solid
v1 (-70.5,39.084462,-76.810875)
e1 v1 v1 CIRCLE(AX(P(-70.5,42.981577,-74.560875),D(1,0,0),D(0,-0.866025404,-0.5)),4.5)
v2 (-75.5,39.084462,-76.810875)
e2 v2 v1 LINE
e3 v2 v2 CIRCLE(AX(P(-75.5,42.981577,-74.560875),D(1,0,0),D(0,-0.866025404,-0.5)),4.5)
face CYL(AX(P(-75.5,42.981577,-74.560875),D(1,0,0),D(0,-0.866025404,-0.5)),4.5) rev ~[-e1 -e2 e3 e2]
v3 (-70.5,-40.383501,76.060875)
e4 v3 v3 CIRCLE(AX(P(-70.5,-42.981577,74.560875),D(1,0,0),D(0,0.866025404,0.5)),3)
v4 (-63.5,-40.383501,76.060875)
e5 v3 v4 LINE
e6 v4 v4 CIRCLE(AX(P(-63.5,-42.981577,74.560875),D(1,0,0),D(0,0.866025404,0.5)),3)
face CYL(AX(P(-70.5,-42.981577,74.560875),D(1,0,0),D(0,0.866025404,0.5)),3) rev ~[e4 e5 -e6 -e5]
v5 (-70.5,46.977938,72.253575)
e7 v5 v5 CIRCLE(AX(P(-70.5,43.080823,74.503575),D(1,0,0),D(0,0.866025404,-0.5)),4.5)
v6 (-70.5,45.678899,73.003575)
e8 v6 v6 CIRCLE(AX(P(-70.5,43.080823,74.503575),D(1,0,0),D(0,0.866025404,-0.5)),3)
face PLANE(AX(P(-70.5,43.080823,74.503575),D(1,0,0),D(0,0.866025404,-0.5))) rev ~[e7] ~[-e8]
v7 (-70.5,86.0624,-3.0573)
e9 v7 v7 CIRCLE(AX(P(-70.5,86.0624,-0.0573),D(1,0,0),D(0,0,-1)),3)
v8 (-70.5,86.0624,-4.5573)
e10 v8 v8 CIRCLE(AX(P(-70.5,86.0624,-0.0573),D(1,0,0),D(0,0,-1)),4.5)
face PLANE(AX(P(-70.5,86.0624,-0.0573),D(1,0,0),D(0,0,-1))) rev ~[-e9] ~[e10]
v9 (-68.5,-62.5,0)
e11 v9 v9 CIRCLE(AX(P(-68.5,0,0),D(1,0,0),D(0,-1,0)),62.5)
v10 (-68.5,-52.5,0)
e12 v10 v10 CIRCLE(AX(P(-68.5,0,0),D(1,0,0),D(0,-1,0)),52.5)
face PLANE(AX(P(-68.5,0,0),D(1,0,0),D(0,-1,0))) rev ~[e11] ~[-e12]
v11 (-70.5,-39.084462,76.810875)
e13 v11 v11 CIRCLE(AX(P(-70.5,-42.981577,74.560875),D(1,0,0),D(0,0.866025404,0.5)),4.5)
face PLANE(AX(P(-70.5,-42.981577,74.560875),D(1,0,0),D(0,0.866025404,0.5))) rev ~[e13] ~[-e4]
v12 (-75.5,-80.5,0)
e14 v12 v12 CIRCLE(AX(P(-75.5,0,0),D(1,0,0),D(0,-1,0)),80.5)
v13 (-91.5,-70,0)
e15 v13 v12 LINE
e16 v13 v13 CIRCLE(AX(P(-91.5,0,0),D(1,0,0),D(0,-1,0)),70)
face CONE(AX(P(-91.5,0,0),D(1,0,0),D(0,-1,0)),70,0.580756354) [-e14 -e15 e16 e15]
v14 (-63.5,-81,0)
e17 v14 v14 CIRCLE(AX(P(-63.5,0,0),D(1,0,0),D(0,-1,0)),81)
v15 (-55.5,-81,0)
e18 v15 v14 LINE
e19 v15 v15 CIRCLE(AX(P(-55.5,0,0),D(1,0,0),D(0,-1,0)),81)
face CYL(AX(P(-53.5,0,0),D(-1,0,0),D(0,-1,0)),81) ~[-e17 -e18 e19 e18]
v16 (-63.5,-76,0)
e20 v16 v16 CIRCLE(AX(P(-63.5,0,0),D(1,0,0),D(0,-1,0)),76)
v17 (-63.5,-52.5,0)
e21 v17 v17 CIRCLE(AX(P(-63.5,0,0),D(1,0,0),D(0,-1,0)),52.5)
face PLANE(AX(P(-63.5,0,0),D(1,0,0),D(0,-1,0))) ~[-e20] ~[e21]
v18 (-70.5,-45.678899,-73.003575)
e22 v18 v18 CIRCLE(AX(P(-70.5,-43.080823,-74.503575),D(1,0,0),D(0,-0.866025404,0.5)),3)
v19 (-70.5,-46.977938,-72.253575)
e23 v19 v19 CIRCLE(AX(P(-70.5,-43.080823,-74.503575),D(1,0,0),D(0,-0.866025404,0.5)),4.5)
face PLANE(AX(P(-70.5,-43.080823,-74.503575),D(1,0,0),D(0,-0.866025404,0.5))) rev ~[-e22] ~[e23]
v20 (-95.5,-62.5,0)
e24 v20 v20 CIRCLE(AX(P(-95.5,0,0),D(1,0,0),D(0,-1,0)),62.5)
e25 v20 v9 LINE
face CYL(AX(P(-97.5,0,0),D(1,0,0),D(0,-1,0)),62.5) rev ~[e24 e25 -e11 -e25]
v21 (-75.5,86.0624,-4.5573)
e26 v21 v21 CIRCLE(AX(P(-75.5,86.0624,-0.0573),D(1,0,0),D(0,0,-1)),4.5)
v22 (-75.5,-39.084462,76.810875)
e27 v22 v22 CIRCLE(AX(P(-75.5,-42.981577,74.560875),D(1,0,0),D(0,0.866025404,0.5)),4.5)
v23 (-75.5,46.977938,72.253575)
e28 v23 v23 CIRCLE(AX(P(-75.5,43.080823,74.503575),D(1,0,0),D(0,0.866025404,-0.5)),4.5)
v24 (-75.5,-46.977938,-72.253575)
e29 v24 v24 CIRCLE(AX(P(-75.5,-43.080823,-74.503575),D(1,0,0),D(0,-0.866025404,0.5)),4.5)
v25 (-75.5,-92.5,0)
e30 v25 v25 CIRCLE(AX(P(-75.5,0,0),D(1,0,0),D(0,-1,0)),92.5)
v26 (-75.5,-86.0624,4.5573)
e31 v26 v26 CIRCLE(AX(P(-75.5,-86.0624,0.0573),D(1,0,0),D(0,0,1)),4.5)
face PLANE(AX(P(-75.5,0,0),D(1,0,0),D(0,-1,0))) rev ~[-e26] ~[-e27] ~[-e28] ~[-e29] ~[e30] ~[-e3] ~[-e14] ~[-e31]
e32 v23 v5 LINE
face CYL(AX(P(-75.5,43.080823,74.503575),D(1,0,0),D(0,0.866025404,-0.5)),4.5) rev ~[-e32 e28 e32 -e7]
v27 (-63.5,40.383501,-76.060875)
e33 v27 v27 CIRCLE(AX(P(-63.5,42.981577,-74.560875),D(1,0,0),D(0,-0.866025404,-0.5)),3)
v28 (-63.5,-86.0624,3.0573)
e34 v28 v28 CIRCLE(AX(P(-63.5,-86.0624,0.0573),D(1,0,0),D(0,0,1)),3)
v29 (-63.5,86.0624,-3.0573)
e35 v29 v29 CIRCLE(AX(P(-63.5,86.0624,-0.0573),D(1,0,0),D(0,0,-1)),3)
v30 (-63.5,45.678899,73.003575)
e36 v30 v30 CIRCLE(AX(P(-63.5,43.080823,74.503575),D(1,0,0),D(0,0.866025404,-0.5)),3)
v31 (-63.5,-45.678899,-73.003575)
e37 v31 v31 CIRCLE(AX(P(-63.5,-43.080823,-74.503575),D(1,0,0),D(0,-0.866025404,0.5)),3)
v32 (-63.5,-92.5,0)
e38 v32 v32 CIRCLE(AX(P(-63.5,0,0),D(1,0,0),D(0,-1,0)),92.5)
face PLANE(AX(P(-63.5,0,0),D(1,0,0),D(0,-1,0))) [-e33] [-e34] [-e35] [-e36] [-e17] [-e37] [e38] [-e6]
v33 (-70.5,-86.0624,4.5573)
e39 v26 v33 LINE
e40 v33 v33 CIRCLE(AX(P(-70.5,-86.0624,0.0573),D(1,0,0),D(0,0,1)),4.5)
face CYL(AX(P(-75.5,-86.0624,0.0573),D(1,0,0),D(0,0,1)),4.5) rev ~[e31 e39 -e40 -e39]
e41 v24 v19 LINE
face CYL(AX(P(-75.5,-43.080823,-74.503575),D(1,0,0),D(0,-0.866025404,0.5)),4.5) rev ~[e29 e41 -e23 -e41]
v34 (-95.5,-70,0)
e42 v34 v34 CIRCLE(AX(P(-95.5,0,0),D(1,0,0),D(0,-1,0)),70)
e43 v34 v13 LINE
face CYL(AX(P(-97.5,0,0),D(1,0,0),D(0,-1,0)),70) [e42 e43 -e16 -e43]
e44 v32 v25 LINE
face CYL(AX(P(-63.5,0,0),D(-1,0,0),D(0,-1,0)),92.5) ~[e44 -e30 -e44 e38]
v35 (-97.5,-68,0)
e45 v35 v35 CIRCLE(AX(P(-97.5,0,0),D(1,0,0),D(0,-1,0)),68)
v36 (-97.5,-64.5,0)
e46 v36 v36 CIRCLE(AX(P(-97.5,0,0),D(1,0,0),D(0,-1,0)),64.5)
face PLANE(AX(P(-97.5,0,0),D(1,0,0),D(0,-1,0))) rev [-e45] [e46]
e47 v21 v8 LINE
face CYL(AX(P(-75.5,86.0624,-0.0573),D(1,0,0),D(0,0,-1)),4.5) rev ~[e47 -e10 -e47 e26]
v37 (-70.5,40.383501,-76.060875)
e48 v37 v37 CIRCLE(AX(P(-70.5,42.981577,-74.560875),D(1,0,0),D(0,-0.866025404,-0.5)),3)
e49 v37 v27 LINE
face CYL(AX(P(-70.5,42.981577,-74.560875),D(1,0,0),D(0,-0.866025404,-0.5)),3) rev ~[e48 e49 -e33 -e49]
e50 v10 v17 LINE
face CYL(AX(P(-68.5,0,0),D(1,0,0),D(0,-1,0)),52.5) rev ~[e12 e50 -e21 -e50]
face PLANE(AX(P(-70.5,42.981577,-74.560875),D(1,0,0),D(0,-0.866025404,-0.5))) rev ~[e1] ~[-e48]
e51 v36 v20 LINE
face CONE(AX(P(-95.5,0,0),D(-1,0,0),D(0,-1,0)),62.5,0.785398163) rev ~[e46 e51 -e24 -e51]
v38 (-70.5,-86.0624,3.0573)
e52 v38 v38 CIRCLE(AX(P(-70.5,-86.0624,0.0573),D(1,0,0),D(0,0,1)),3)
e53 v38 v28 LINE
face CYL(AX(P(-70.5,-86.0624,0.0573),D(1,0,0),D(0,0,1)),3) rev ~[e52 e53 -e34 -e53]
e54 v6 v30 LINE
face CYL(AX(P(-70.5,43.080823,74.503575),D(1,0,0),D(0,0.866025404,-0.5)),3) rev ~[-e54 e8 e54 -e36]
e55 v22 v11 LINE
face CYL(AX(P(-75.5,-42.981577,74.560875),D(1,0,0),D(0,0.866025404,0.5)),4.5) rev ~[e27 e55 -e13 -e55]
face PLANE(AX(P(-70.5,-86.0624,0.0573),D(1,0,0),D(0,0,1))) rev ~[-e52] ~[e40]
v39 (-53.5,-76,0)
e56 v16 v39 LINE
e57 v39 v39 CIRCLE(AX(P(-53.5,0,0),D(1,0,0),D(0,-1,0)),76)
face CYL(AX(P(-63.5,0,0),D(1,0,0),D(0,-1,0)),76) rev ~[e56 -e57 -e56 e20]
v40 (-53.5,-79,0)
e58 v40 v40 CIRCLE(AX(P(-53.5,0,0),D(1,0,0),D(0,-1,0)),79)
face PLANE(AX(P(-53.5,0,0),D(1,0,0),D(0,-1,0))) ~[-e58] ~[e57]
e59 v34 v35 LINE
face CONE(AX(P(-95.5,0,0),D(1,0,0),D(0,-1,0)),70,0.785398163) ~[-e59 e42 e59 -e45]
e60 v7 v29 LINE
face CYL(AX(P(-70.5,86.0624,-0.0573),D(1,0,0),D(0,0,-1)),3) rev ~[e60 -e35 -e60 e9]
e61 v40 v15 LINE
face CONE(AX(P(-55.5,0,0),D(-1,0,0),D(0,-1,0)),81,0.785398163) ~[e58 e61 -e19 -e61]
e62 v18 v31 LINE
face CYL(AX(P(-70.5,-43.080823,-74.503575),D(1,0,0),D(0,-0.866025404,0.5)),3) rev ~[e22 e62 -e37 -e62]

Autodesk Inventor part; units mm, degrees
ref_plane "YZ Plane" through (0, 0, 0) normal (1, 0, 0) x (0, 1, 0)
ref_plane "XZ Plane" through (0, 0, 0) normal (0, 1, 0) x (-1, 0, 0)
ref_plane "XY Plane" through (0, 0, 0) normal (0, 0, 1) x (1, 0, 0)
sketch "Эскиз1" plane through (0, 0, 0) normal (0, 0, 1) x (1, 0, 0)
  line L0 (-63.5, -92.5) -> (-63.5, -81)
  line L1 (-63.5, -81) -> (-63.5, -92.5)
  line L2 (-75.5, -92.5) -> (-75.5, -80.5)
  line L3 (-97.5, -62.5) -> (-68.5, -62.5)
  line L4 (-68.5, -62.5) -> (-68.5, -52.5)
  line L5 (-68.5, -52.5) -> (-63.5, -52.5)
  line L6 (-63.5, -52.5) -> (-63.5, -76)
  line L7 (-63.5, -76) -> (-53.5, -76)
  line L8 (-53.5, -76) -> (-53.5, -81)
  line L9 (-63.5, -92.5) -> (-75.5, -92.5)
  line L10 (-53.5, -81) -> (-63.5, -81)
  line L11 (-97.5, -70) -> (-91.5, -70)
  line L12 (-91.5, -70) -> (-75.5, -80.5)
  line L13 (-97.5, -62.5) -> (-97.5, -70)
  line L14 (-117, 0) -> (19.5, 0) projected
  point P0 (0, 0)
  dimension "d0" = 12
  dimension "d1" = 5
  dimension "d2" = 10
  dimension "d3" = 30
  dimension "d5" = 12
  dimension "d7" = 10
  dimension "d8" = 6
  dimension "d9" = 5
  dimension "d10" = 7.5
  dimension "d11" = 22
  dimension "d13" = 70
revolve "Вращение1" add sketch "Эскиз1" angle 360 about axis through (-10, 0, 0) along (1, 0, 0)
chamfer "Фаска1" distance 2 angle 45 1 edges at (-97.5, 70, 0)
chamfer "Фаска2" distance 2 angle 45 1 edges at (-97.5, 62.5, 0)
chamfer "Фаска3" distance 2 angle 45 1 edges at (-53.5, 81, 0)
hole "Отверстие2" at (-75.5, -86.0624, 0.0573) direction (1, 0, 0) diameter 6 end through all counterbore diameter 9 counterbore depth 5
pattern_circular "Круговой массив2" count 6 over 360 about axis through (-10, 0, 0) along (1, 0, 0) of "Отверстие2"
properties part number "2 крышка"
